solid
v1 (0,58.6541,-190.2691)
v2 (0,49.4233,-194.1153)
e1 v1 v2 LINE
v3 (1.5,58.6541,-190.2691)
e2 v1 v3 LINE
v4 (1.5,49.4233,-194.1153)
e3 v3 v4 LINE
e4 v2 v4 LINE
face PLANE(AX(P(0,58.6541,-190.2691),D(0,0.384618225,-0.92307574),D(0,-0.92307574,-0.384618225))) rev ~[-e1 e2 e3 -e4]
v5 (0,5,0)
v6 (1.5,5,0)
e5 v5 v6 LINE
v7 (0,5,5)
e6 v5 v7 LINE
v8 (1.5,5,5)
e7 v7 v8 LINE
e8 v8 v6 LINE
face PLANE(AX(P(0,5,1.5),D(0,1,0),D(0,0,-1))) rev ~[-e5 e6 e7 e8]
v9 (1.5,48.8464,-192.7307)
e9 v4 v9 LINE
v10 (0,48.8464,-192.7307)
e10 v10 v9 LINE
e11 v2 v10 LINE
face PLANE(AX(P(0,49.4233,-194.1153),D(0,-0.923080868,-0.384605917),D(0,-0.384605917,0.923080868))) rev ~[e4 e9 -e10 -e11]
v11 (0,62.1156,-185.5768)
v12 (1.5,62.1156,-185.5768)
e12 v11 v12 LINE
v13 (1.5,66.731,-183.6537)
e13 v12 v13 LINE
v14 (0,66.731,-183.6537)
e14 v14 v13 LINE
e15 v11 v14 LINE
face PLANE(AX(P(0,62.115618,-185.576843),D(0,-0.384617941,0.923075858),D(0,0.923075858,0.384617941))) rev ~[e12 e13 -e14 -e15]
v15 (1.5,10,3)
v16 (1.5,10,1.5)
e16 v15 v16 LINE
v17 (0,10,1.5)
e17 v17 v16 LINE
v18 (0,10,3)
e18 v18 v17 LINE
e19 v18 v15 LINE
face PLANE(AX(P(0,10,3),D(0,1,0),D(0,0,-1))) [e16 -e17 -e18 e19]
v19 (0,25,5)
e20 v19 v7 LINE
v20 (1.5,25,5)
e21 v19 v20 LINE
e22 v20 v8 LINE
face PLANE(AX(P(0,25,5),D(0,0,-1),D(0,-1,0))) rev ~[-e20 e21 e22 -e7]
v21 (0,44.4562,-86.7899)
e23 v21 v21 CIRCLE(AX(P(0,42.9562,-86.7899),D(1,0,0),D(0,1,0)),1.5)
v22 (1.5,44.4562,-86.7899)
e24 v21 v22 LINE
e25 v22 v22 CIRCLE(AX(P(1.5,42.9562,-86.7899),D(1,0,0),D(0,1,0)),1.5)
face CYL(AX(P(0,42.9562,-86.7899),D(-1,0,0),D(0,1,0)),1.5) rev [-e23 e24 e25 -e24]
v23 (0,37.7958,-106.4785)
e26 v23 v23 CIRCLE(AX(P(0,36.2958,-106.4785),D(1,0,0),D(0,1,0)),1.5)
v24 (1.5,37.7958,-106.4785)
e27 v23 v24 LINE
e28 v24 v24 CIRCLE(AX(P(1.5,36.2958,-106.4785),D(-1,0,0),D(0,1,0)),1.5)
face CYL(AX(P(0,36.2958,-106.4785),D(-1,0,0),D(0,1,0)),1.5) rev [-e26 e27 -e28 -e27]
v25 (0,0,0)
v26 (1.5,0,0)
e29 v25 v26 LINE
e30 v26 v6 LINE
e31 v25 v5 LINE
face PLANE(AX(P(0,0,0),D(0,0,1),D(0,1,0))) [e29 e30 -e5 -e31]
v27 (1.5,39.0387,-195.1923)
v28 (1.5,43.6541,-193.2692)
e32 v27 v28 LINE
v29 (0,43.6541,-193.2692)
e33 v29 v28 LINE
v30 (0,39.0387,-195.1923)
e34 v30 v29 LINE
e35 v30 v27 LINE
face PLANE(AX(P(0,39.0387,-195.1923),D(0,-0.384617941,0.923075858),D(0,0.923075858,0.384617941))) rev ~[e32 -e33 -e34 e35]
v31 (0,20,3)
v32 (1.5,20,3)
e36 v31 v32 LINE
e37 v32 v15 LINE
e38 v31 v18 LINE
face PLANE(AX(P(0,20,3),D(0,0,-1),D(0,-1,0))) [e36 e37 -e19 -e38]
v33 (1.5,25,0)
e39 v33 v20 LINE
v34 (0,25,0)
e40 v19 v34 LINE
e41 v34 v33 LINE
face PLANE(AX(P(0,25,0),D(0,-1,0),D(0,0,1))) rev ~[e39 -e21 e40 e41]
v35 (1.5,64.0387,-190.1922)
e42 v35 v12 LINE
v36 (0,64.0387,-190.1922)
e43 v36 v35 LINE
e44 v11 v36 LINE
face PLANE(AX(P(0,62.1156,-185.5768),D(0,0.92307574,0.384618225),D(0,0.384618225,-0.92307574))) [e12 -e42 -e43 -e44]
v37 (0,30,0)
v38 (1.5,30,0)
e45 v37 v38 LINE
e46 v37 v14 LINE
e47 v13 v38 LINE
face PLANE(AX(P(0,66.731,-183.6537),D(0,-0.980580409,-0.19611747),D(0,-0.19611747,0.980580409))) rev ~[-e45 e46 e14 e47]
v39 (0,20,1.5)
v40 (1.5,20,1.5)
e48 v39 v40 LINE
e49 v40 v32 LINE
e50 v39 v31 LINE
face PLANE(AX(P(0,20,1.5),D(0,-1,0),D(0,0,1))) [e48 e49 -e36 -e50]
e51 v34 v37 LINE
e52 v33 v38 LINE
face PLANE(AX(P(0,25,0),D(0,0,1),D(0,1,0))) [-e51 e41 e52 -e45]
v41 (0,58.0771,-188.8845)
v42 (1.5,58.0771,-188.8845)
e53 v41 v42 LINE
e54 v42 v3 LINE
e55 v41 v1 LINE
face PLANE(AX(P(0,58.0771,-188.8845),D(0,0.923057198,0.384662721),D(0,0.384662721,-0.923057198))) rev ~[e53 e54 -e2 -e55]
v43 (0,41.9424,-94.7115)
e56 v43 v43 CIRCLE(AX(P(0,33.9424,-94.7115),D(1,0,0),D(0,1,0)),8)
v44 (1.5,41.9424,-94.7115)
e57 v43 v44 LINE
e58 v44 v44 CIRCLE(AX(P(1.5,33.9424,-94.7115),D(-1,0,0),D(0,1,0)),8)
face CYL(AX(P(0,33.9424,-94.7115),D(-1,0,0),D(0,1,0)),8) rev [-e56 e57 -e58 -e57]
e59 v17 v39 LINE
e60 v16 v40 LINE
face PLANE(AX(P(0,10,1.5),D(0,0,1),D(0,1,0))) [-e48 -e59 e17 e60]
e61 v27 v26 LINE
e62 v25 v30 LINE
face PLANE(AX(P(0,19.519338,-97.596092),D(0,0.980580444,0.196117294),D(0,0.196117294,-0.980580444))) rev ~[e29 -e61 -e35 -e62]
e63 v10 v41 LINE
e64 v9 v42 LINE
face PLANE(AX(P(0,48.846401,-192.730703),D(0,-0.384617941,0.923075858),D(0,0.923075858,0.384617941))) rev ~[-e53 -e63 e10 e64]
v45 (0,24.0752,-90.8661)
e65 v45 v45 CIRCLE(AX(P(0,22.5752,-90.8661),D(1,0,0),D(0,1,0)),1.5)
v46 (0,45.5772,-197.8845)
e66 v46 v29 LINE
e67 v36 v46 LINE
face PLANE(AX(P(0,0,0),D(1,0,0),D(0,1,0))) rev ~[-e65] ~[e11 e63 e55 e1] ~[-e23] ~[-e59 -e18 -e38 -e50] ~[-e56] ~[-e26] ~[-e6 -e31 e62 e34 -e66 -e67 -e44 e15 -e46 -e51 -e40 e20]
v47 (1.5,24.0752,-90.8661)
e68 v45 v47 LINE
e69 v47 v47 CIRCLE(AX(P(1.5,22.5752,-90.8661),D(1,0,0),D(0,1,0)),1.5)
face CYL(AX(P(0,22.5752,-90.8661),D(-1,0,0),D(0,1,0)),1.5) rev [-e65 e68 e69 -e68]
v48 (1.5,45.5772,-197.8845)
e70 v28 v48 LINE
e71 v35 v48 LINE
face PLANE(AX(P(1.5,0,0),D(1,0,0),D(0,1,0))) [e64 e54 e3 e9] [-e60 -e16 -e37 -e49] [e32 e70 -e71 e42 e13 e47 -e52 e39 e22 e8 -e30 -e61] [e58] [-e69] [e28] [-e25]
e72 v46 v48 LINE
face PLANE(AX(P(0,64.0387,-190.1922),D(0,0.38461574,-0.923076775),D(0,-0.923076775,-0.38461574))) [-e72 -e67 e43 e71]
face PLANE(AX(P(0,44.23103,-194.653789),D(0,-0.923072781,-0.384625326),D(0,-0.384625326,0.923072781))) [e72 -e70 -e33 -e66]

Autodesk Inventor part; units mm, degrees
ref_plane "YZ Plane" through (0, 0, 0) normal (1, 0, 0) x (0, 1, 0)
ref_plane "XZ Plane" through (0, 0, 0) normal (0, 1, 0) x (-1, 0, 0)
ref_plane "XY Plane" through (0, 0, 0) normal (0, 0, 1) x (1, 0, 0)
sketch "Sketch3" plane through (0, 0, 0) normal (1, 0, 0) x (0, 1, 0)
  line L0 (39.6156, -196.5769) -> (39.0387, -195.1923)
  line L1 (39.0387, -195.1923) -> (85.1925, -175.9614)
  line L2 (39.6156, -196.5769) -> (85.7694, -177.346)
  line L3 (85.7694, -177.346) -> (85.1925, -175.9614)
  line L4 (0, 1.5) -> (50, 1.5)
  line L5 (0, 0) -> (50, 0)
  line L6 (50, 0) -> (50, 1.5)
  line L7 (0, 0) -> (0, 1.5)
  line L8 (0, 0) -> (39.0387, -195.1923)
  line L9 (39.0387, -195.1923) -> (66.731, -183.6537)
  line L10 (0, 0) -> (30, 0)
  line L11 (52.8848, -189.423) -> (15, 0)
  line L12 (39.0387, -195.1923) -> (43.6541, -193.2692)
  line L13 (43.6541, -193.2692) -> (62.1156, -185.5768)
  line L14 (62.1156, -185.5768) -> (64.0387, -190.1922)
  line L15 (64.0387, -190.1922) -> (45.5772, -197.8845)
  line L16 (45.5772, -197.8845) -> (43.6541, -193.2692)
  line L17 (43.6541, -193.2692) -> (48.2694, -191.3461)
  line L18 (48.2694, -191.3461) -> (48.8464, -192.7307)
  line L19 (48.8464, -192.7307) -> (58.0771, -188.8845)
  line L20 (58.0771, -188.8845) -> (58.6541, -190.2691)
  line L21 (58.6541, -190.2691) -> (49.4233, -194.1153)
  line L22 (49.4233, -194.1153) -> (48.8464, -192.7307)
  line L23 (66.731, -183.6537) -> (30, 0)
  line L24 (19.5193, -97.5961) -> (48.3655, -91.8269)
  circle A0 centre (33.9424, -94.7115) radius 8
  line L25 (20, 3) -> (10, 3)
  line L26 (10, 3) -> (10, 1.5)
  line L27 (0, 1.5) -> (50, 1.5)
  line L28 (20, 1.5) -> (20, 3)
  line L29 (25, 0) -> (25, 5)
  line L30 (25, 5) -> (5, 5)
  line L31 (5, 5) -> (5, 0)
  line L32 (33.9424, -94.7115) -> (36.2958, -106.4785)
  circle A1 centre (36.2958, -106.4785) radius 1.5
  circle A2 centre (42.9562, -86.7899) radius 1.5
  circle A3 centre (22.5752, -90.8661) radius 1.5
  dimension "d26" = 30
  dimension "d27" = 5
  dimension "d28" = 20
  dimension "d29" = 5
  dimension "d30" = 5
  dimension "d31" = 10
  dimension "d32" = 1.5
  dimension "d33" = 16
  dimension "d34" = 12
  dimension "d35" = 3
  dimension "d38" = 360
extrude "Extrusion3" add sketch "Sketch3" along normal blind 1.5 contours L8 L24 A0 L11 A1 L1 | L16 L1 L18 L2 | L2 L22 L21 L20 L14 L15 L16 | L8 L5 L11 A0 L24 | L18 L1 L14 L2 | L11 A1 A0 L24 L23 L1 | L31 L4 L29 L5 | L11 L5 L23 L24 A0 | L31 L30 L29 L4 L28 L25 L26
properties part number "angularPlate"
